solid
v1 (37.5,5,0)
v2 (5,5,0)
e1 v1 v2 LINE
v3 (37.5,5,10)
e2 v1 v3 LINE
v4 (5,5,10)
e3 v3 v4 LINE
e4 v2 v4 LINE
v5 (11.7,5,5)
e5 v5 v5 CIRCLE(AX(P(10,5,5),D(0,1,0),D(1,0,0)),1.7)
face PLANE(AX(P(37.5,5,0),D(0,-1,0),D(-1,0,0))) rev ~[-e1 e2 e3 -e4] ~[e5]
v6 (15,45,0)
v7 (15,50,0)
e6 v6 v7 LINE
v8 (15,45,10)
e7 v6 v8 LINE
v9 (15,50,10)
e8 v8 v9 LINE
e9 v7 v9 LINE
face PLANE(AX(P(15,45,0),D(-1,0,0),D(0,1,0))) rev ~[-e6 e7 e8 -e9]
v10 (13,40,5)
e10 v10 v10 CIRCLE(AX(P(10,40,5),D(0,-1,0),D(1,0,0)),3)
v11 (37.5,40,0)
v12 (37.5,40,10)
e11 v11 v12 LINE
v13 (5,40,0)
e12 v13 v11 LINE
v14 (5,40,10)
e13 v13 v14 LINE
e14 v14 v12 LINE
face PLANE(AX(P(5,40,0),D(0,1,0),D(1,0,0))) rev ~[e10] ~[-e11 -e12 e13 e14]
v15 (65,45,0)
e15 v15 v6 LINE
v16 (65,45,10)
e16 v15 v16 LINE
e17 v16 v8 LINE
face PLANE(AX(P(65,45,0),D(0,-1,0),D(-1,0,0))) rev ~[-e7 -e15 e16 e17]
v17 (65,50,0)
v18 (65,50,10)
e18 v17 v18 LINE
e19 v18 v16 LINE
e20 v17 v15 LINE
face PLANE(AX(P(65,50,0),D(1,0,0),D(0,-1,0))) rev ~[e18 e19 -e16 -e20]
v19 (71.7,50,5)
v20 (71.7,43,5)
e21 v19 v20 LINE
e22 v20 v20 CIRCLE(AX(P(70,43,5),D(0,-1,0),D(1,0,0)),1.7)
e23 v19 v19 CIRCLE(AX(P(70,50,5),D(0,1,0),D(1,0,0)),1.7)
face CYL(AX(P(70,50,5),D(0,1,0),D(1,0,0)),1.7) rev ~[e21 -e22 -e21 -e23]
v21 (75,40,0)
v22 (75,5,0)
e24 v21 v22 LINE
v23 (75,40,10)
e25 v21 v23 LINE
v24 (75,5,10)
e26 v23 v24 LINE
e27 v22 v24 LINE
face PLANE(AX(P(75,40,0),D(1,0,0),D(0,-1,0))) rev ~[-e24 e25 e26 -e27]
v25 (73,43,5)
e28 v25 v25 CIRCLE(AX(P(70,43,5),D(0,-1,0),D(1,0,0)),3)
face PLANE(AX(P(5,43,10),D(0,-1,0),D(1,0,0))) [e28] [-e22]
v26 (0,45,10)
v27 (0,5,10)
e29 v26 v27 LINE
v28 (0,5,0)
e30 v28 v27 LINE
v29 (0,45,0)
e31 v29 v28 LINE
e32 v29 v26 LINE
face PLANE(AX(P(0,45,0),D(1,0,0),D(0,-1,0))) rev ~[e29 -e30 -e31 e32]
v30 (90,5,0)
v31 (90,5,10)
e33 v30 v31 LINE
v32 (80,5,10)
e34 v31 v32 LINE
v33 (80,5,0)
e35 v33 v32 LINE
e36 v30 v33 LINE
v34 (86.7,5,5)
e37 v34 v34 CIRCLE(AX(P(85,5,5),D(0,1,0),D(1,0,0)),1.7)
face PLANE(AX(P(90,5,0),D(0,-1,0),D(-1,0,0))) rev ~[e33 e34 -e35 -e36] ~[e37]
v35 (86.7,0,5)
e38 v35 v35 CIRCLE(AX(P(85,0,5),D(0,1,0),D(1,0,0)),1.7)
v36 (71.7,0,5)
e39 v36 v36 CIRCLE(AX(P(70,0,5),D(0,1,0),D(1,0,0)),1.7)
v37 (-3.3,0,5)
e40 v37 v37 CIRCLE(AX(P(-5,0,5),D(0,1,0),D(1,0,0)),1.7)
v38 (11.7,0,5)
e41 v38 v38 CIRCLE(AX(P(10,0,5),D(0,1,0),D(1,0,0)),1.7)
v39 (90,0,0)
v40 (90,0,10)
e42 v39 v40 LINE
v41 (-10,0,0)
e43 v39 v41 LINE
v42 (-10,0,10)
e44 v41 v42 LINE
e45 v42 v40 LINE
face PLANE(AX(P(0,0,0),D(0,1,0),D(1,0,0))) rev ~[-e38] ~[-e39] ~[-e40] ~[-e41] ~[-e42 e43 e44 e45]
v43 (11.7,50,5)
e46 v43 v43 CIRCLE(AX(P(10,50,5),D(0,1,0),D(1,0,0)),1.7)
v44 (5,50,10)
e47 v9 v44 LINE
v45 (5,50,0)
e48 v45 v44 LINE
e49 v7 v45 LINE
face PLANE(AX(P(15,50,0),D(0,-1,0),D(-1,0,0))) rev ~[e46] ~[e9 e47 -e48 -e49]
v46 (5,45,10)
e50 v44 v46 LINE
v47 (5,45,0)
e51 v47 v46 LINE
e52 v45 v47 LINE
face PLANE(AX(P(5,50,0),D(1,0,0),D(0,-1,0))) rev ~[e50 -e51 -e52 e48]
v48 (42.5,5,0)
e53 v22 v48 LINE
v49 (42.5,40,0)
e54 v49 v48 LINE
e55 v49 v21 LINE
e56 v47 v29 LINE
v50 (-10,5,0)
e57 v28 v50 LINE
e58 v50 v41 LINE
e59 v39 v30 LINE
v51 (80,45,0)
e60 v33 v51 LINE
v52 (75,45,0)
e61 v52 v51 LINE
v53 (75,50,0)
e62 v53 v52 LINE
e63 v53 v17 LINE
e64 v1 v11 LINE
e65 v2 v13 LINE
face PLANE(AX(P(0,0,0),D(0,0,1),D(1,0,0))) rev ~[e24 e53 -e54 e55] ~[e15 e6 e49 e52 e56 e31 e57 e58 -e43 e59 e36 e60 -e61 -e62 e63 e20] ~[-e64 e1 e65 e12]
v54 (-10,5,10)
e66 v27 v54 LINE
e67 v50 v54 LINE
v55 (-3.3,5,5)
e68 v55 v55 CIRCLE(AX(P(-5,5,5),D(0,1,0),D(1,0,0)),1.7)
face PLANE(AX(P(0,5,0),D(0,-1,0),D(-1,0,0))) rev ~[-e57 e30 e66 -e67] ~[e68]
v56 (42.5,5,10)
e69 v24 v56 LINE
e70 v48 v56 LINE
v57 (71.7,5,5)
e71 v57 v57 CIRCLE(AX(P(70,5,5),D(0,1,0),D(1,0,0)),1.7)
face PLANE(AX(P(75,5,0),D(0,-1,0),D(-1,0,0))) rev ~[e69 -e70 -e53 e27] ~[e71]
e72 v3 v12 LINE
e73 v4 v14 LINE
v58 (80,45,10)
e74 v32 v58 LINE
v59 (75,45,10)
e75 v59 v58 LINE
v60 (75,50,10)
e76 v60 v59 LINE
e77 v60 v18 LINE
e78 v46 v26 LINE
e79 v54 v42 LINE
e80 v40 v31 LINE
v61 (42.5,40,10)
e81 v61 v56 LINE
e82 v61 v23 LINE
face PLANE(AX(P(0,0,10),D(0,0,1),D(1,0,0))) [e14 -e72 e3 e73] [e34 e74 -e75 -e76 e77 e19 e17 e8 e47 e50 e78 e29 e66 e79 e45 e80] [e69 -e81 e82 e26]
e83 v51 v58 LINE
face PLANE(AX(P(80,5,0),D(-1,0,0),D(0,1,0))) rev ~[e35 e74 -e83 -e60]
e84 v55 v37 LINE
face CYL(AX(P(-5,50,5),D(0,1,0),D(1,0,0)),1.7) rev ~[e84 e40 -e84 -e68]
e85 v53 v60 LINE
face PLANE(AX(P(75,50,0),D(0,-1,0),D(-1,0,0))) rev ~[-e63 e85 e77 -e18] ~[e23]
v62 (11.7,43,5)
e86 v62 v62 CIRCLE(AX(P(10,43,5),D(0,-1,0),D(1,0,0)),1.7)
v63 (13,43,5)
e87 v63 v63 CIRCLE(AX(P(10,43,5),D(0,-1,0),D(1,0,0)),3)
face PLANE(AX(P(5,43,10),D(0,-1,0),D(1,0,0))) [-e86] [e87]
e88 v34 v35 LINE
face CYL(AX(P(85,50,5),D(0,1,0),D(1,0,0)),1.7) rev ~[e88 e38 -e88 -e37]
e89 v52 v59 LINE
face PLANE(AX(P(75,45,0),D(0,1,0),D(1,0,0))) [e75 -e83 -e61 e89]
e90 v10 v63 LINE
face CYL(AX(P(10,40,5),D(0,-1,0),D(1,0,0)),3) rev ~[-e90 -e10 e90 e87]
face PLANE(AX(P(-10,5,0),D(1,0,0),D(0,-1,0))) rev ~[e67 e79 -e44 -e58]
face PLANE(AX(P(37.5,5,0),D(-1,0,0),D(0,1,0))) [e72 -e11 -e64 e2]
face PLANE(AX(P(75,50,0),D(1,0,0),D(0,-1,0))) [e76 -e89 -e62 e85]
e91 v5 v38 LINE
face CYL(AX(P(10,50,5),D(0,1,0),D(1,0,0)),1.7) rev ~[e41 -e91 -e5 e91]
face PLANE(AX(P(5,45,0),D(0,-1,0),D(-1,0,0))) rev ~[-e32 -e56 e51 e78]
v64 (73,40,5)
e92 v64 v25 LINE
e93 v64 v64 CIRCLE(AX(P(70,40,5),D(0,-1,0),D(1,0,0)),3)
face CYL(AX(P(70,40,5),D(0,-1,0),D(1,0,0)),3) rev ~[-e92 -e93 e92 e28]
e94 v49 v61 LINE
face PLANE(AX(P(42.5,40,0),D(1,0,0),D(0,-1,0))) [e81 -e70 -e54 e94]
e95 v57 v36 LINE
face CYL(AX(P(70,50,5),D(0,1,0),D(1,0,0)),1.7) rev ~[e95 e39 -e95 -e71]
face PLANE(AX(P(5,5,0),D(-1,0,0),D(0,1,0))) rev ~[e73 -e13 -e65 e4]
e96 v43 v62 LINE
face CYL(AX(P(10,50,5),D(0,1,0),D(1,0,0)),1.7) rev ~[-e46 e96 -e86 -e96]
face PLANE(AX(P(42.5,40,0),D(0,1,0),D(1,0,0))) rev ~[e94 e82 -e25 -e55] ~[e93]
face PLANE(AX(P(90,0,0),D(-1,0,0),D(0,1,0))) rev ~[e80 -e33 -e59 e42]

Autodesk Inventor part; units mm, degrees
ref_plane "YZ Plane" through (0, 0, 0) normal (1, 0, 0) x (0, 1, 0)
ref_plane "XZ Plane" through (0, 0, 0) normal (0, 1, 0) x (-1, 0, 0)
ref_plane "XY Plane" through (0, 0, 0) normal (0, 0, 1) x (1, 0, 0)
sketch "Sketch1" plane through (0, 0, 0) normal (0, 0, 1) x (1, 0, 0)
  line L0 (0, 0) -> (80, 0)
  line L1 (80, 0) -> (80, 50)
  line L2 (80, 50) -> (0, 50)
  line L3 (0, 50) -> (0, 0)
  line L4 (15, 50) -> (65, 50)
  line L5 (65, 50) -> (65, 45)
  line L6 (65, 45) -> (15, 45)
  line L7 (15, 45) -> (15, 50)
  line L8 (5, 40) -> (75, 40)
  line L9 (75, 40) -> (75, 5)
  line L10 (75, 5) -> (5, 5)
  line L11 (5, 5) -> (5, 40)
  line L12 (-10, 0) -> (90, 0)
  line L13 (90, 0) -> (90, 5)
  line L14 (90, 5) -> (-10, 5)
  line L15 (-10, 5) -> (-10, 0)
  line L16 (0, 50) -> (5, 50)
  line L17 (5, 50) -> (5, 45)
  line L18 (5, 45) -> (0, 45)
  line L19 (0, 45) -> (0, 50)
  line L20 (80, 50) -> (75, 50)
  line L21 (75, 50) -> (75, 45)
  line L22 (75, 45) -> (80, 45)
  line L23 (80, 45) -> (80, 50)
  line L24 (37.5, 40) -> (42.5, 40)
  line L25 (42.5, 40) -> (42.5, 5)
  line L26 (42.5, 5) -> (37.5, 5)
  line L27 (37.5, 5) -> (37.5, 40)
  point P0 (40, 50)
  point P1 (40, 5)
  point P2 (40, 0)
  point P3 (40, 40)
  dimension "d0" = 80
  dimension "d1" = 50
  dimension "d2" = 50
  dimension "d3" = 70
  dimension "d4" = 100
  dimension "d5" = 5
  dimension "d6" = 5
  dimension "d7" = 5
  dimension "d10" = 5
  dimension "d11" = 5
  dimension "d12" = 5
extrude "Extrusion1" add sketch "Sketch1" along normal blind 10 contours L3 L14 L10 L1 L0 | L12 L15 L14 L3 | L1 L14 L13 L12 | L3 L18 L17 L2 L7 L6 L5 L21 L22 L1 L14 L9 L8 L11 | L27 L8 L25 L10
sketch "Sketch2" plane through (5, 50, 0) normal (0, 1, 0) x (1, 0, 0)
  line L0 (10, 0) -> (0, 0) projected
  circle A0 centre (5, -5) radius 1.7
  circle A1 centre (-10, -5) radius 1.7
  circle A2 centre (65, -5) radius 1.7
  circle A3 centre (80, -5) radius 1.7
  line L1 (70, -10) -> (70, 0) projected
  line L2 (70, 0) -> (60, 0) projected
  line L3 (85, 0) -> (75, 0) projected
  line L4 (-5, 0) -> (-15, 0) projected
  point P0 (70, -5)
  point P1 (5, 0)
  point P2 (65, 0)
  point P3 (80, 0)
  point P4 (-10, 0)
  dimension "d13" = 3.4
extrude "Extrusion2" cut sketch "Sketch2" against normal through all
sketch "Sketch3" plane through (5, 40, 10) normal (0, -1, 0) x (1, 0, 0)
  circle A0 centre (5, -5) radius 1.7 projected
  circle A1 centre (5, -5) radius 3
  circle A2 centre (65, -5) radius 1.7 projected
  circle A3 centre (65, -5) radius 3
  point P0 (-5, -10)
  dimension "d17" = 6
  dimension "d18" = 6
extrude "Extrusion3" cut sketch "Sketch3" against normal blind 3
properties part number "brush holder stand v5"
